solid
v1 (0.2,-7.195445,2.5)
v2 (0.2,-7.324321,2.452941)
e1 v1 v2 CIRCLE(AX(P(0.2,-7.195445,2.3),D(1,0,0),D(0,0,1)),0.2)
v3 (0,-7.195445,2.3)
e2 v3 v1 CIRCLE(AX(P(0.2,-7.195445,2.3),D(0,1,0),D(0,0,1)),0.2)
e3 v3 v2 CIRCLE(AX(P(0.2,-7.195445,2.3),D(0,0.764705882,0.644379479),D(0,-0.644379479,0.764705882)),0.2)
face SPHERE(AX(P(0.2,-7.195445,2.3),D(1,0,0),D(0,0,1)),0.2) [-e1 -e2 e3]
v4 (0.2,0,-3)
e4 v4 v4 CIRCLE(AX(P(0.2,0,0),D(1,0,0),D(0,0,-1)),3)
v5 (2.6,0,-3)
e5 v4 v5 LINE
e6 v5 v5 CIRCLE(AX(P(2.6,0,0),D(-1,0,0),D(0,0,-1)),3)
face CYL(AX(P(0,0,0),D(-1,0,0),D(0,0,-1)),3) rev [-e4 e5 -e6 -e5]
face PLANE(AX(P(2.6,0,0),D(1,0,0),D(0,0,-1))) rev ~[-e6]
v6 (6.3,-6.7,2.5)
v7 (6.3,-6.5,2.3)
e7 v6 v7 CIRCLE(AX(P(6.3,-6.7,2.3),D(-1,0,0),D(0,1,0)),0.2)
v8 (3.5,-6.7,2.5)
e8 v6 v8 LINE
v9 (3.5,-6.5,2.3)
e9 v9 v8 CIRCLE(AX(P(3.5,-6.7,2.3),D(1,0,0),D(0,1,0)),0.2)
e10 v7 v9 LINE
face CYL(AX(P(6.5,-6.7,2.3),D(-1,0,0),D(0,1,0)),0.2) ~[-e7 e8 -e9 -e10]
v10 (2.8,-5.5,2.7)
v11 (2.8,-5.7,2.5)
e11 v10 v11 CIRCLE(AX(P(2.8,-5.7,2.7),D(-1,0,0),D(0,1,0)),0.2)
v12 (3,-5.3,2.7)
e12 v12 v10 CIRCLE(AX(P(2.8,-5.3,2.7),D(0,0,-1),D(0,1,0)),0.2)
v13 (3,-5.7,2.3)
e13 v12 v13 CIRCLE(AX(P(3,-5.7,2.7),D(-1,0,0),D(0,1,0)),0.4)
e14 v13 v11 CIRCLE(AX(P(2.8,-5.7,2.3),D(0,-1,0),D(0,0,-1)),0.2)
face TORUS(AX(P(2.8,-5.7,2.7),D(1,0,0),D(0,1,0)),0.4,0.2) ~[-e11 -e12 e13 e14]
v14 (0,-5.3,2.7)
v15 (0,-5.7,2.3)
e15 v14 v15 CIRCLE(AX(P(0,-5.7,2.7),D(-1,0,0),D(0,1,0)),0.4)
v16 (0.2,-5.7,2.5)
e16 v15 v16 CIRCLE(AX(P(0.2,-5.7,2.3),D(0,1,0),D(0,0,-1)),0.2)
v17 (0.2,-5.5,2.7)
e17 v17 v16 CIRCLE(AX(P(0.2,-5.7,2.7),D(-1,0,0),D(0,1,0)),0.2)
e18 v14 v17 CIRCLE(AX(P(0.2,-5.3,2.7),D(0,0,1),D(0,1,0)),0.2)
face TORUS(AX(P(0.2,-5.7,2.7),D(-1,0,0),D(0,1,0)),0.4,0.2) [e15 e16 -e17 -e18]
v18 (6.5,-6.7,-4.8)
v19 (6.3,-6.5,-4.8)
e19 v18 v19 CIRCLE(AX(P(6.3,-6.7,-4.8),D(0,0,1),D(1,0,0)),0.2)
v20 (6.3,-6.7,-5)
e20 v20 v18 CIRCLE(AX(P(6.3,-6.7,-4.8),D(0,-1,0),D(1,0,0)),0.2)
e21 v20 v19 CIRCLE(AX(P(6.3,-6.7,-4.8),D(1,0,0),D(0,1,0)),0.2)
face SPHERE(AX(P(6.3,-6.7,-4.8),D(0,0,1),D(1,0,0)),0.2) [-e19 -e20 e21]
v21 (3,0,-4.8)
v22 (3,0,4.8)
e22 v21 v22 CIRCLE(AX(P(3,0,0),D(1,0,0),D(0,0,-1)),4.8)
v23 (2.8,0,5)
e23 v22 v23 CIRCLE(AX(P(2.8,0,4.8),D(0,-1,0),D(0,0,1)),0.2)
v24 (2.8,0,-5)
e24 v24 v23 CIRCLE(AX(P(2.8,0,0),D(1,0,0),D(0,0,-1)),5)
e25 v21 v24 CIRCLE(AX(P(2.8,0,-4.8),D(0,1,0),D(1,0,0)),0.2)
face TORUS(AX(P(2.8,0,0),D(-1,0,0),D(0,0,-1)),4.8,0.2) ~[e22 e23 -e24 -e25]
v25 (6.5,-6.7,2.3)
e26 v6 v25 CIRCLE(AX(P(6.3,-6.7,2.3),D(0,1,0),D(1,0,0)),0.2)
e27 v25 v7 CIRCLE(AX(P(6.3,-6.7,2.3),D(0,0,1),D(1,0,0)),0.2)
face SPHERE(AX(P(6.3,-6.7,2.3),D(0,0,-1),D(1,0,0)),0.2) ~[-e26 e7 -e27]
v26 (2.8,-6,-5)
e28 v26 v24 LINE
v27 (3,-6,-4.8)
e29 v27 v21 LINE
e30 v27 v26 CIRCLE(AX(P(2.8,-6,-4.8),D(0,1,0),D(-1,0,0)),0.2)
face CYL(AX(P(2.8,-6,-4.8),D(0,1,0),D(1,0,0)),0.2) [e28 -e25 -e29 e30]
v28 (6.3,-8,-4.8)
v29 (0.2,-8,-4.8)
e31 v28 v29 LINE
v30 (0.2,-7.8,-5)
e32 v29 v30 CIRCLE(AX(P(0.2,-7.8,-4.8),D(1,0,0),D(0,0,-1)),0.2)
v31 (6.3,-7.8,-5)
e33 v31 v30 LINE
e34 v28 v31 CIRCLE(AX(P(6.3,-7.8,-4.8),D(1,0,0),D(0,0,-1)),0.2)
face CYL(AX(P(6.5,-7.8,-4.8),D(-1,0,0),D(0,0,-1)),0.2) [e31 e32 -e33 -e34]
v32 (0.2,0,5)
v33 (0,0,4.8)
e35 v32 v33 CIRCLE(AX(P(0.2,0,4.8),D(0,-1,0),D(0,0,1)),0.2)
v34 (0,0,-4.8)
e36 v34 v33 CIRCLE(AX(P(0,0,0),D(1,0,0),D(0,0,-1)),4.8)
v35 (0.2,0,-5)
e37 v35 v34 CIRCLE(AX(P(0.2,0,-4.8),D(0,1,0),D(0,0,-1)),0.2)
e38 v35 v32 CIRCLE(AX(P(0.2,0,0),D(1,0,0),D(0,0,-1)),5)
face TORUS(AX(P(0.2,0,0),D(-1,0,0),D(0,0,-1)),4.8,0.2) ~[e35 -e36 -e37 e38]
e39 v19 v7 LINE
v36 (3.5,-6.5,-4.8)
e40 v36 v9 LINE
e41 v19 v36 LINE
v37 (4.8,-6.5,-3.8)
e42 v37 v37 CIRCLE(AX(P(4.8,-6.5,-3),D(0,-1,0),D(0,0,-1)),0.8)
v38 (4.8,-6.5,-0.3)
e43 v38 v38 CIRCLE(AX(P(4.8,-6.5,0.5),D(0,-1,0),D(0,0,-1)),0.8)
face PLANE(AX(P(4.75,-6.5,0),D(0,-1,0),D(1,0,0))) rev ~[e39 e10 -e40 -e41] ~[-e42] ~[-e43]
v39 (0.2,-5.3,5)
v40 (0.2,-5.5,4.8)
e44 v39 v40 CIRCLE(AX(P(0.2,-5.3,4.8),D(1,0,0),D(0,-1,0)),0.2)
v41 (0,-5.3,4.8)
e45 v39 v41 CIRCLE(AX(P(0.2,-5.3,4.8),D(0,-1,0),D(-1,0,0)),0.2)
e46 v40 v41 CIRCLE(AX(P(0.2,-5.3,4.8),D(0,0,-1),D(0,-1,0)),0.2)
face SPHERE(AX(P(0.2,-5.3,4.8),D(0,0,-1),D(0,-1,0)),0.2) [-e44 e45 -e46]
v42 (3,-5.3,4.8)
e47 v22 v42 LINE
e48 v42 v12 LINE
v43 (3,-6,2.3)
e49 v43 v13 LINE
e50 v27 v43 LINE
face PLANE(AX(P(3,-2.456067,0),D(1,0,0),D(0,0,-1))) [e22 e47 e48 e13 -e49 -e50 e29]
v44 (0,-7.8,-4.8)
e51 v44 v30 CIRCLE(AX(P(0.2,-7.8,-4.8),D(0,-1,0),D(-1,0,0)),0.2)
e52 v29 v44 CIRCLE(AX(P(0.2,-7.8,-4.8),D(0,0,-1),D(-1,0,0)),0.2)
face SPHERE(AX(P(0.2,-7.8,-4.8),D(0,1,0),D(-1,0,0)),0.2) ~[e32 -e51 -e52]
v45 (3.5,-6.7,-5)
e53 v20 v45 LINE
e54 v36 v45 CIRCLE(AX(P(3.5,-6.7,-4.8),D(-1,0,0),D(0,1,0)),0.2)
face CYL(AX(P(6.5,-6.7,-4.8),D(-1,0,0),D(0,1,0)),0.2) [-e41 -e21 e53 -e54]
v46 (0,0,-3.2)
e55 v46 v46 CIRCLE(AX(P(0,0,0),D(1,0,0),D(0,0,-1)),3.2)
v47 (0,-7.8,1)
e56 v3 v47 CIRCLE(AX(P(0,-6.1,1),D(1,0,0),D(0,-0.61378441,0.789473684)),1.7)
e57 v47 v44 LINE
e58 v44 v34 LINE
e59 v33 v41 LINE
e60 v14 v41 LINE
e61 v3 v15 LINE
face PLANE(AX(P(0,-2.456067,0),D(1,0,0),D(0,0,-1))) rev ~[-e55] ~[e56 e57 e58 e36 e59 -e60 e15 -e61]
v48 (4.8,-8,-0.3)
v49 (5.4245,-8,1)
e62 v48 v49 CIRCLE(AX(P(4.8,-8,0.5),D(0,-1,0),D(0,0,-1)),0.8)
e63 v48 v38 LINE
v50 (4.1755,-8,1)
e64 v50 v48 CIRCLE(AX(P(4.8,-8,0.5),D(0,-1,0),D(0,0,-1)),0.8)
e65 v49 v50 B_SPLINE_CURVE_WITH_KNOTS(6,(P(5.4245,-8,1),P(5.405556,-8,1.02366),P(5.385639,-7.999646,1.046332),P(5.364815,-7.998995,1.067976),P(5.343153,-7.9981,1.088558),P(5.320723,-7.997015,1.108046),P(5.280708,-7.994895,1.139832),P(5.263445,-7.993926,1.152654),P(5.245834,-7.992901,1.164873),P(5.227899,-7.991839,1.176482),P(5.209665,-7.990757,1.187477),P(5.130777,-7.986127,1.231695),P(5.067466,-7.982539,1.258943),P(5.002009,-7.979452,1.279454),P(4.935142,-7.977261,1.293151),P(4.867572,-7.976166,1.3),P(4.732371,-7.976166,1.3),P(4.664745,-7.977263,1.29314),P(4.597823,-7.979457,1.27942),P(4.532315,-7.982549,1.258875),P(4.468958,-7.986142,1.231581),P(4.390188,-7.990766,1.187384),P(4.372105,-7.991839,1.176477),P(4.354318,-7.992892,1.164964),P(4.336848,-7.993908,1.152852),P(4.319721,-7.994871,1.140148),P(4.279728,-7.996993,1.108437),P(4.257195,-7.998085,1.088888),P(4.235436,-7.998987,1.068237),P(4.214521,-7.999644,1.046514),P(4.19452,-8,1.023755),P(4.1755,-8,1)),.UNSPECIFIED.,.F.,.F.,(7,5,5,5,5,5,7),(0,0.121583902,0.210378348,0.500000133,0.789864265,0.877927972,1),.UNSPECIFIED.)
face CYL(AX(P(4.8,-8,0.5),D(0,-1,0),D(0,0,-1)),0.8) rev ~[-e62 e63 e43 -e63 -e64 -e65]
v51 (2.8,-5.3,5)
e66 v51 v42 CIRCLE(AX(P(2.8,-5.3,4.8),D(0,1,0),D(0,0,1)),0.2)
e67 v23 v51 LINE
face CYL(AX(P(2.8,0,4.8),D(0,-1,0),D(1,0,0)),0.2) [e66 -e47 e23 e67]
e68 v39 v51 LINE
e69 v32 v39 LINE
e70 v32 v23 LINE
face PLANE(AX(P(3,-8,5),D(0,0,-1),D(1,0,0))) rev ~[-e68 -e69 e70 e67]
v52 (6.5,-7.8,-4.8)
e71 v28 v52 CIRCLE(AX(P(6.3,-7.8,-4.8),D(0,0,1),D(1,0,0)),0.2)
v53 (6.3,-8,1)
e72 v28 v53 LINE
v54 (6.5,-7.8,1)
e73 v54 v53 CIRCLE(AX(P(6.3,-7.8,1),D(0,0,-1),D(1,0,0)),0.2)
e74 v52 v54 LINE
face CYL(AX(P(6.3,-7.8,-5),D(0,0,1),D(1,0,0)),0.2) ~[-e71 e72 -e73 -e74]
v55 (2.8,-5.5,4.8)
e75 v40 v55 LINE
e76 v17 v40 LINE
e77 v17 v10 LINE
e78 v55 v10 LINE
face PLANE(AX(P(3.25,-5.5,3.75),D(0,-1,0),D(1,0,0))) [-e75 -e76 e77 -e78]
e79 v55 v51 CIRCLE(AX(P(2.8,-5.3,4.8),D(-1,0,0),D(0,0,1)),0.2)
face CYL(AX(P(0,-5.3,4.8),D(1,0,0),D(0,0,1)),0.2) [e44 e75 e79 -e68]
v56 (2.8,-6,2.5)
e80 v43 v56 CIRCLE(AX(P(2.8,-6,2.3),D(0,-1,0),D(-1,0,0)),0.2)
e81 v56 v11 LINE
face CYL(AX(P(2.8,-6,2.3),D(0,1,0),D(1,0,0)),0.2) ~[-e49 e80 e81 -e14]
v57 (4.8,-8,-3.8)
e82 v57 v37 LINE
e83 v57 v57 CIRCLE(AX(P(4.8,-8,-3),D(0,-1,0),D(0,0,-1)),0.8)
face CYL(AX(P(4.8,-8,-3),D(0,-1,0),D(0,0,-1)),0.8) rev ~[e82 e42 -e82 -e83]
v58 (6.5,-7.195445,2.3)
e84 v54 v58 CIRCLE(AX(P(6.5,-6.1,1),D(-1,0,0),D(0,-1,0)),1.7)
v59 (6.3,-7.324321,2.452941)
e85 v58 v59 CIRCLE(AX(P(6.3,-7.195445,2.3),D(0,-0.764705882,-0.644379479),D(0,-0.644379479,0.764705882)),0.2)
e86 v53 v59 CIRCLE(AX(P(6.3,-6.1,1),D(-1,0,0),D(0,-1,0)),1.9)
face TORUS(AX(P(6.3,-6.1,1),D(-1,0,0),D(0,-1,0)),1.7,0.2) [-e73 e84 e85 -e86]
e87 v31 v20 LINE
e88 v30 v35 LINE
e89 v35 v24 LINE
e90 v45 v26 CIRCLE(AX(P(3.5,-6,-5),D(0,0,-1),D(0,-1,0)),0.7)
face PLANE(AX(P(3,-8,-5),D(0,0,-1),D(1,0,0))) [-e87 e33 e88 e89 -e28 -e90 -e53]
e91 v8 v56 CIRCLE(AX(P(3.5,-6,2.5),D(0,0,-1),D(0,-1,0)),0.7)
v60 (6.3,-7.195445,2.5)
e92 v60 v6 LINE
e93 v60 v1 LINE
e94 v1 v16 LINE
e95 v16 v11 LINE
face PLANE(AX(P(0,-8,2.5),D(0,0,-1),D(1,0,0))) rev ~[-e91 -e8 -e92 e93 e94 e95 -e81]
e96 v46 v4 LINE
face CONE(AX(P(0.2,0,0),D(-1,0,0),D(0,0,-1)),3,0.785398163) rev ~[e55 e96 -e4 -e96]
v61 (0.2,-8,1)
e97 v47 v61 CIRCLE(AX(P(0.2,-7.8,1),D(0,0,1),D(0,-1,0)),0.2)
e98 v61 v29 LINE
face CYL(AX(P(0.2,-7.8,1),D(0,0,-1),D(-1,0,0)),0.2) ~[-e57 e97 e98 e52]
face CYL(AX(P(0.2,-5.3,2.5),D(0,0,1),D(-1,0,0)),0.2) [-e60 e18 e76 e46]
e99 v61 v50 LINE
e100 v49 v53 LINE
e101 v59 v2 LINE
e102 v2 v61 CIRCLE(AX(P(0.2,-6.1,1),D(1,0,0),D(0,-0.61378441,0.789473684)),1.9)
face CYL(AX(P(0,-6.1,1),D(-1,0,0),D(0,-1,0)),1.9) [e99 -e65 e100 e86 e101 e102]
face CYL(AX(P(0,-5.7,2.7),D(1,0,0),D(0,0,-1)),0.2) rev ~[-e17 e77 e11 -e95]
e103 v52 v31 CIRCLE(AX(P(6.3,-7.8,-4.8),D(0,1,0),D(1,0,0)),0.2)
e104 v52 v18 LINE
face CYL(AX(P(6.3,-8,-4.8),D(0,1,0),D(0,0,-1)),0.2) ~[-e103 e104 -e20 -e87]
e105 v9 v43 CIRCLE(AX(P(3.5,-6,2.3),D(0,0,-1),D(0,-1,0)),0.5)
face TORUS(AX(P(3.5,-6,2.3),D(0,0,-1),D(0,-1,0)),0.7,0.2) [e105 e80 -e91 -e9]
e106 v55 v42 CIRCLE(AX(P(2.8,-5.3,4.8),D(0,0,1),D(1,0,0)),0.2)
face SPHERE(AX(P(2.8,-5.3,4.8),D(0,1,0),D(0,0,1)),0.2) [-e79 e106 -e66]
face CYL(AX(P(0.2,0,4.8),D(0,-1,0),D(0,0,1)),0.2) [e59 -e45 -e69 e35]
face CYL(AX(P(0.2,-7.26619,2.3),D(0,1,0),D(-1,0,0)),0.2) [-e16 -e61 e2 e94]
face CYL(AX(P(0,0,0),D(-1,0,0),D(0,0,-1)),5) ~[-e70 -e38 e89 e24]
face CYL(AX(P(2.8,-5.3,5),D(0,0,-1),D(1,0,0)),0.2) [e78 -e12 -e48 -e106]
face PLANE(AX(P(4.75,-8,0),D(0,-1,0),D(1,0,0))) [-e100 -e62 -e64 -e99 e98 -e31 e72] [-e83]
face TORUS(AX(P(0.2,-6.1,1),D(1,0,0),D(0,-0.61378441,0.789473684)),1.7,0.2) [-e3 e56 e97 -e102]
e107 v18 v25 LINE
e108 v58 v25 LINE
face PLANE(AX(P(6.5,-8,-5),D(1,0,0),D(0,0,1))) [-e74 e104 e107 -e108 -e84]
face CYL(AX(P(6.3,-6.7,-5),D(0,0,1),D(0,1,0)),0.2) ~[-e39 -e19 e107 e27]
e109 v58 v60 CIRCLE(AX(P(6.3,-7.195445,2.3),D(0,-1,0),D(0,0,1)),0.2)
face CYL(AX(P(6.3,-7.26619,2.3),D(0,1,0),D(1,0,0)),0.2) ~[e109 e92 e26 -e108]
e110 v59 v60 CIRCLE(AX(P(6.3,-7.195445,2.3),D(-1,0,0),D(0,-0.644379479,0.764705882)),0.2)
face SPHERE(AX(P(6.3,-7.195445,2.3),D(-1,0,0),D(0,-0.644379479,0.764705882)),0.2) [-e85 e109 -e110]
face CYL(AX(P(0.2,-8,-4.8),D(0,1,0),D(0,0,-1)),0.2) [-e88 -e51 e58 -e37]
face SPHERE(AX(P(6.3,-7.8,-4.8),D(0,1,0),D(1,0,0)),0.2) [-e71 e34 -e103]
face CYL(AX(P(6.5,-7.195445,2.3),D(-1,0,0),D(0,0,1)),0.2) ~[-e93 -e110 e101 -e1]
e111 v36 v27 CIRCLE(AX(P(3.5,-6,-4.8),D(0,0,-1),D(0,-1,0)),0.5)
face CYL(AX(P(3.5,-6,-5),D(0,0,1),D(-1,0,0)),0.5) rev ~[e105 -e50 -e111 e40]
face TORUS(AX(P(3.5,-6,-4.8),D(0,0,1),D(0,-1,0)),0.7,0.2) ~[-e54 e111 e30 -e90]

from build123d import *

# Parameters (mm, degrees)
SKETCH_1_R          = 3
EXTRUDE_1_DEPTH     = 3
SKETCH_2_W          = 3.5
SKETCH_2_H          = 10
SKETCH_2_R          = 0.8
EXTRUDE_2_DEPTH     = 1.5
SKETCH_5_W          = 6.5
SKETCH_5_H          = 2.5
CUT_EXTRUDE_1_DEPTH = 2.5
CUT_EXTRUDE_2_REACH = 13.456
FILLET_1_R          = 0.5
FILLET_2_R          = 0.2
CHAMFER_1_SIZE      = 0.2
SKETCH_3_R          = 3.977941141
EXTRUDE_3_DEPTH     = 0.4


with BuildPart() as part:
    # 草图1 → 凸台-拉伸1 (new body)
    with BuildSketch(Plane(origin=(0, 0, 0), x_dir=(0, 0, -1), z_dir=(1, 0, 0))):
        with BuildLine():
            Line((-5, 0), (-5, -8))
            Line((-5, -8), (5, -8))
            Line((5, -8), (5, 0))
            ThreePointArc((5, 0), (0, 5), (-5, 0))
        make_face()
        Circle(SKETCH_1_R, mode=Mode.SUBTRACT)
    extrude(amount=EXTRUDE_1_DEPTH)

    # 草图2 → 凸台-拉伸2 (add)
    with BuildSketch(Plane.XZ.offset(8)):
        with Locations((4.75, 0)):
            Rectangle(SKETCH_2_W, SKETCH_2_H)
        with Locations(Location((4.8, -3, 0), (0, 0, 270))):
            Circle(SKETCH_2_R, mode=Mode.SUBTRACT)
        with Locations(Location((4.8, 0.5, 0), (0, 0, 270))):
            Circle(SKETCH_2_R, mode=Mode.SUBTRACT)
    extrude(amount=-EXTRUDE_2_DEPTH)

    # 草图5 → 切除-拉伸1 (cut)
    with BuildSketch(Plane.XZ.offset(8)):
        with Locations((3.25, 3.75)):
            Rectangle(SKETCH_5_W, SKETCH_5_H)
    extrude(amount=-CUT_EXTRUDE_1_DEPTH, mode=Mode.SUBTRACT)

    # 草图6 → 切除-拉伸2 (cut, up to next)
    with BuildSketch(Plane.ZY, mode=Mode.PRIVATE) as cut_extrude_2_sk1:
        with BuildLine():
            Line((2.897366596, -6), (3.27705392, -6))
            Line((3.27705392, -6), (3.27705392, -8.325127743))
            Line((3.27705392, -8.325127743), (1, -8.325127743))
            Line((1, -8.325127743), (1, -8))
            ThreePointArc((1, -8), (2.378404875, -7.407669683), (2.897366596, -6))
        make_face()
    cut_extrude_2_tool1 = extrude(cut_extrude_2_sk1.sketch, amount=-CUT_EXTRUDE_2_REACH, mode=Mode.PRIVATE) & part.part
    add(cut_extrude_2_tool1.solids().sort_by_distance((0, -7.575754, 2.569334))[0], mode=Mode.SUBTRACT)

    # 圆角1
    fillet_1_edges = [part.edges().sort_by_distance(p)[0] for p in [
        (3, -6.5, -1.25),
    ]]
    fillet(fillet_1_edges, radius=FILLET_1_R)

    # 圆角2
    fillet_2_edges = [part.edges().sort_by_distance(p)[0] for p in [
        (6.5, -6.5, -1.25),
        (6.5, -7.25, -5),
        (6.5, -8, -2),
        (3, 5, 0),
        (0, -5.5, 3.75),
        (0, -6.383095189, 2.5),
        (1.5, -5.5, 5),
        (6.5, -6.883095189, 2.5),
        (1.5, -5.5, 2.5),
        (3, -5.5, 3.75),
        (0, -4, -5),
        (0, -2.75, 5),
        (0, 5, 0),
        (0, -8, -2),
        (3.25, -7.266190379, 2.5),
        (6.5, -7.806716397, 1.834936608),
        (0, -7.806716397, 1.834936608),
        (3, -5.75, 2.5),
        (3, -3, -5),
        (5, -6.5, 2.5),
        (3, -2.75, 5),
        (5, -6.5, -5),
        (3.146446609, -6.353553391, -5),
        (3.146446609, -6.353553391, 2.5),
        (3.25, -8, -5),
    ]]
    fillet(fillet_2_edges, radius=FILLET_2_R)

    # 倒角1
    chamfer_1_edges = [part.edges().sort_by_distance(p)[0] for p in [
        (0, 0, 3),
        (3, 0, 3),
    ]]
    chamfer(chamfer_1_edges, length=CHAMFER_1_SIZE)

    # 草图3 → 凸台-拉伸3 (add)
    with BuildSketch(Plane(origin=(3, 0, 0), x_dir=(0, 0, -1), z_dir=(1, 0, 0))):
        Circle(SKETCH_3_R)
    extrude(amount=-EXTRUDE_3_DEPTH)


solid = part.part
